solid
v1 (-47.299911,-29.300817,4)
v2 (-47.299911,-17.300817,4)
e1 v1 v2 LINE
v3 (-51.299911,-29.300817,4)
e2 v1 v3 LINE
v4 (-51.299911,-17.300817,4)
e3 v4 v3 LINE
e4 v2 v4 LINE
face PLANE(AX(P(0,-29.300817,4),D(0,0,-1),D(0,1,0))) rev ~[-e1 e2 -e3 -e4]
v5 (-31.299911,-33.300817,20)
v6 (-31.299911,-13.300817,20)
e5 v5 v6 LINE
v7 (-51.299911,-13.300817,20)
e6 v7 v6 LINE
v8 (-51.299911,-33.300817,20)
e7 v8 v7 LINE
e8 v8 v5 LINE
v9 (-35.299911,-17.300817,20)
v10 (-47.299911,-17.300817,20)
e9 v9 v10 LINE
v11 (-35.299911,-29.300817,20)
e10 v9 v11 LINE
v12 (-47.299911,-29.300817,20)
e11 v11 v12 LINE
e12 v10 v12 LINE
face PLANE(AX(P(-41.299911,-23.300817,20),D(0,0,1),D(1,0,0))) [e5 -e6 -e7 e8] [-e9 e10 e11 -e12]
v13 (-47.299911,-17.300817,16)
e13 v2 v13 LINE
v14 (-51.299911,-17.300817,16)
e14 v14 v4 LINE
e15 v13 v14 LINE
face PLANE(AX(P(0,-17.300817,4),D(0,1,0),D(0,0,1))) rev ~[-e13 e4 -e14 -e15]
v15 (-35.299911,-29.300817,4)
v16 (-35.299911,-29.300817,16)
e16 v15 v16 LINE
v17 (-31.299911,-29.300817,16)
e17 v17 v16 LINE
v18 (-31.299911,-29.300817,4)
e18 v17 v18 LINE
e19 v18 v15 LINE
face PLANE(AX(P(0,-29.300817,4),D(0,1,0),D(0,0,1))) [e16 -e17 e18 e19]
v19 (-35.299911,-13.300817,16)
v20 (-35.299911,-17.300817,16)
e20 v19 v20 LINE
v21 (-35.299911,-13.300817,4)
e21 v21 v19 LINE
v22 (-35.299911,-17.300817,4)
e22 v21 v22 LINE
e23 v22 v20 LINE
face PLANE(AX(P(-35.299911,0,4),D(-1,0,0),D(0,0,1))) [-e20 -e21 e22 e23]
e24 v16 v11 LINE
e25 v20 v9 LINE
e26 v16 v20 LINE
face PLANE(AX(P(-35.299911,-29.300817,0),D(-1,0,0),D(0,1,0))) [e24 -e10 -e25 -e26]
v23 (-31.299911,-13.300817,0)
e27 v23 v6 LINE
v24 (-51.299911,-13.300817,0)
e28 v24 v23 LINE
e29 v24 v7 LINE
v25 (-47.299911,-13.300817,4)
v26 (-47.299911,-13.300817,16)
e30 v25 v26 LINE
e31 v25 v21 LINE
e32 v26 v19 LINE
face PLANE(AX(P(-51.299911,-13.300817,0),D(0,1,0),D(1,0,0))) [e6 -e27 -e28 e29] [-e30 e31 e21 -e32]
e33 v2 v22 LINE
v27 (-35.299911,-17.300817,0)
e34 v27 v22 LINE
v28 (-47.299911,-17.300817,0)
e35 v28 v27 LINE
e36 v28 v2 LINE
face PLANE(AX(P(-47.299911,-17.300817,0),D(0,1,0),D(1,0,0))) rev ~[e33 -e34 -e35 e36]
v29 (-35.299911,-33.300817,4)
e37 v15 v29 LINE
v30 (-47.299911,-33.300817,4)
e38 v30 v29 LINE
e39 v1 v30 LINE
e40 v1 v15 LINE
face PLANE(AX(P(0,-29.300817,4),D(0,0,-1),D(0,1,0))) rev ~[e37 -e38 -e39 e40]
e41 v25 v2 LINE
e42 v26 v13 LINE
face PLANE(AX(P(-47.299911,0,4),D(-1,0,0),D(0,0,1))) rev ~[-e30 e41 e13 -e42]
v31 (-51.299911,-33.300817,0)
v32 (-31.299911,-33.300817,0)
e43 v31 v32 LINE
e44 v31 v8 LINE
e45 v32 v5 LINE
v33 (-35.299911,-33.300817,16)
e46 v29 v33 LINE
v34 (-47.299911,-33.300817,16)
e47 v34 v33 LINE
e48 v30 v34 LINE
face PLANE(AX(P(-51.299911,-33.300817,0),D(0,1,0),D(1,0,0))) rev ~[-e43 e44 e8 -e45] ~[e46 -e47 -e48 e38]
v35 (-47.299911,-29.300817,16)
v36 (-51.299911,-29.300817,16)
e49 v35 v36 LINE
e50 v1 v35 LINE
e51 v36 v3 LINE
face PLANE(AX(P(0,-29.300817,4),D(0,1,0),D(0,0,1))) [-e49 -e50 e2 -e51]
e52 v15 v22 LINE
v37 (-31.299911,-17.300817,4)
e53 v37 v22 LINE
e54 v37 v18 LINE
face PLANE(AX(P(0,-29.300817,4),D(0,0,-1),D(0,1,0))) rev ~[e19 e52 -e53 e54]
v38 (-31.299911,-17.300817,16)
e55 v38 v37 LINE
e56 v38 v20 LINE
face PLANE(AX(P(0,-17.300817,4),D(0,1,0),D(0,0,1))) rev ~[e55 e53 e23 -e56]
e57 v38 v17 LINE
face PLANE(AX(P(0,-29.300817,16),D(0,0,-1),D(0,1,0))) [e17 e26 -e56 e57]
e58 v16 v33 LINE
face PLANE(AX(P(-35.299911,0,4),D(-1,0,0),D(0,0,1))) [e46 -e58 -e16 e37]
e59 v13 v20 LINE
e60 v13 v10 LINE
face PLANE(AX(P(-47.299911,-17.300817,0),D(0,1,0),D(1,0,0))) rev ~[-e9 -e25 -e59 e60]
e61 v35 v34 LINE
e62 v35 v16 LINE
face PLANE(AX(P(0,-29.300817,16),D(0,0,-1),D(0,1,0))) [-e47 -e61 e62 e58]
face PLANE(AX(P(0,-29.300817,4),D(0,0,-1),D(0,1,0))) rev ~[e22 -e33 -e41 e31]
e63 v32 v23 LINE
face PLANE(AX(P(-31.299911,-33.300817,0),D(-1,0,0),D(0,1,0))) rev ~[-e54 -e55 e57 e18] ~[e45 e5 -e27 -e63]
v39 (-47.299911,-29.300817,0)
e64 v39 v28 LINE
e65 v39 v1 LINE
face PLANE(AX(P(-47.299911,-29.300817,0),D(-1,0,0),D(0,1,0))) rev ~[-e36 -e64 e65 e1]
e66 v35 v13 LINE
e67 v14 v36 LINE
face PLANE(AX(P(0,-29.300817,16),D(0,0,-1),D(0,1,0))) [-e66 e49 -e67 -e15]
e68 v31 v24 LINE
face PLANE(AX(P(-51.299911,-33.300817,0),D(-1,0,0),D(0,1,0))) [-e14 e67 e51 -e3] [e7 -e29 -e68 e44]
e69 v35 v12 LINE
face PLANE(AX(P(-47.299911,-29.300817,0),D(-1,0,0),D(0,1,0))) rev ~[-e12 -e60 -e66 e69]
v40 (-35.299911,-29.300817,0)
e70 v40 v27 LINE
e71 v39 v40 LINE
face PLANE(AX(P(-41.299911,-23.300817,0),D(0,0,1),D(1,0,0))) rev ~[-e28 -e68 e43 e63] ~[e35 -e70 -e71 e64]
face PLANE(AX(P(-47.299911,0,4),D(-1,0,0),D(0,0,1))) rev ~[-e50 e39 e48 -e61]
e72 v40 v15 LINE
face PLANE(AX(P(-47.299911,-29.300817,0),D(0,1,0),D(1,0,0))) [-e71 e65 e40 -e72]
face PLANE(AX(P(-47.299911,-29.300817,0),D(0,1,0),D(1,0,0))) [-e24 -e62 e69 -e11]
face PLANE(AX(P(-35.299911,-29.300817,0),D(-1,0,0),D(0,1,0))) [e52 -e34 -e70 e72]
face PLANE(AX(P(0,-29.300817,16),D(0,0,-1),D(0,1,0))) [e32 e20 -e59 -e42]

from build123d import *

# Parameters (mm, degrees)
F0_W     = 20
F0_H     = 20
F1_DEPTH = 20
F2_W     = 12
F2_H     = 12
F3_DEPTH = 90
F4_W     = 12
F4_H     = 12
F5_DEPTH = 60.3
F6_W     = 12
F6_H     = 12
F7_DEPTH = 36


with BuildPart() as f1:
    # F0 (on Top) → F1 (new body)
    with BuildSketch(Plane.XY):
        with Locations((-41.299911, -23.300817)):
            Rectangle(F0_W, F0_H)
    extrude(amount=F1_DEPTH)

    # F2 (on Right) → F3 (cut)
    with BuildSketch(Plane.YZ):
        with Locations((-23.300817, 10)):
            Rectangle(F2_W, F2_H)
    extrude(amount=-F3_DEPTH, mode=Mode.SUBTRACT)

    # F4 (on Front) → F5 (cut)
    with BuildSketch(Plane.XZ):
        with Locations((-41.299911, 10)):
            Rectangle(F4_W, F4_H)
    extrude(amount=F5_DEPTH, mode=Mode.SUBTRACT)

    # F6 (on Top) → F7 (cut)
    with BuildSketch(Plane.XY):
        with Locations((-41.299911, -23.300817)):
            Rectangle(F6_W, F6_H)
    extrude(amount=F7_DEPTH, mode=Mode.SUBTRACT)


solid = f1.part
